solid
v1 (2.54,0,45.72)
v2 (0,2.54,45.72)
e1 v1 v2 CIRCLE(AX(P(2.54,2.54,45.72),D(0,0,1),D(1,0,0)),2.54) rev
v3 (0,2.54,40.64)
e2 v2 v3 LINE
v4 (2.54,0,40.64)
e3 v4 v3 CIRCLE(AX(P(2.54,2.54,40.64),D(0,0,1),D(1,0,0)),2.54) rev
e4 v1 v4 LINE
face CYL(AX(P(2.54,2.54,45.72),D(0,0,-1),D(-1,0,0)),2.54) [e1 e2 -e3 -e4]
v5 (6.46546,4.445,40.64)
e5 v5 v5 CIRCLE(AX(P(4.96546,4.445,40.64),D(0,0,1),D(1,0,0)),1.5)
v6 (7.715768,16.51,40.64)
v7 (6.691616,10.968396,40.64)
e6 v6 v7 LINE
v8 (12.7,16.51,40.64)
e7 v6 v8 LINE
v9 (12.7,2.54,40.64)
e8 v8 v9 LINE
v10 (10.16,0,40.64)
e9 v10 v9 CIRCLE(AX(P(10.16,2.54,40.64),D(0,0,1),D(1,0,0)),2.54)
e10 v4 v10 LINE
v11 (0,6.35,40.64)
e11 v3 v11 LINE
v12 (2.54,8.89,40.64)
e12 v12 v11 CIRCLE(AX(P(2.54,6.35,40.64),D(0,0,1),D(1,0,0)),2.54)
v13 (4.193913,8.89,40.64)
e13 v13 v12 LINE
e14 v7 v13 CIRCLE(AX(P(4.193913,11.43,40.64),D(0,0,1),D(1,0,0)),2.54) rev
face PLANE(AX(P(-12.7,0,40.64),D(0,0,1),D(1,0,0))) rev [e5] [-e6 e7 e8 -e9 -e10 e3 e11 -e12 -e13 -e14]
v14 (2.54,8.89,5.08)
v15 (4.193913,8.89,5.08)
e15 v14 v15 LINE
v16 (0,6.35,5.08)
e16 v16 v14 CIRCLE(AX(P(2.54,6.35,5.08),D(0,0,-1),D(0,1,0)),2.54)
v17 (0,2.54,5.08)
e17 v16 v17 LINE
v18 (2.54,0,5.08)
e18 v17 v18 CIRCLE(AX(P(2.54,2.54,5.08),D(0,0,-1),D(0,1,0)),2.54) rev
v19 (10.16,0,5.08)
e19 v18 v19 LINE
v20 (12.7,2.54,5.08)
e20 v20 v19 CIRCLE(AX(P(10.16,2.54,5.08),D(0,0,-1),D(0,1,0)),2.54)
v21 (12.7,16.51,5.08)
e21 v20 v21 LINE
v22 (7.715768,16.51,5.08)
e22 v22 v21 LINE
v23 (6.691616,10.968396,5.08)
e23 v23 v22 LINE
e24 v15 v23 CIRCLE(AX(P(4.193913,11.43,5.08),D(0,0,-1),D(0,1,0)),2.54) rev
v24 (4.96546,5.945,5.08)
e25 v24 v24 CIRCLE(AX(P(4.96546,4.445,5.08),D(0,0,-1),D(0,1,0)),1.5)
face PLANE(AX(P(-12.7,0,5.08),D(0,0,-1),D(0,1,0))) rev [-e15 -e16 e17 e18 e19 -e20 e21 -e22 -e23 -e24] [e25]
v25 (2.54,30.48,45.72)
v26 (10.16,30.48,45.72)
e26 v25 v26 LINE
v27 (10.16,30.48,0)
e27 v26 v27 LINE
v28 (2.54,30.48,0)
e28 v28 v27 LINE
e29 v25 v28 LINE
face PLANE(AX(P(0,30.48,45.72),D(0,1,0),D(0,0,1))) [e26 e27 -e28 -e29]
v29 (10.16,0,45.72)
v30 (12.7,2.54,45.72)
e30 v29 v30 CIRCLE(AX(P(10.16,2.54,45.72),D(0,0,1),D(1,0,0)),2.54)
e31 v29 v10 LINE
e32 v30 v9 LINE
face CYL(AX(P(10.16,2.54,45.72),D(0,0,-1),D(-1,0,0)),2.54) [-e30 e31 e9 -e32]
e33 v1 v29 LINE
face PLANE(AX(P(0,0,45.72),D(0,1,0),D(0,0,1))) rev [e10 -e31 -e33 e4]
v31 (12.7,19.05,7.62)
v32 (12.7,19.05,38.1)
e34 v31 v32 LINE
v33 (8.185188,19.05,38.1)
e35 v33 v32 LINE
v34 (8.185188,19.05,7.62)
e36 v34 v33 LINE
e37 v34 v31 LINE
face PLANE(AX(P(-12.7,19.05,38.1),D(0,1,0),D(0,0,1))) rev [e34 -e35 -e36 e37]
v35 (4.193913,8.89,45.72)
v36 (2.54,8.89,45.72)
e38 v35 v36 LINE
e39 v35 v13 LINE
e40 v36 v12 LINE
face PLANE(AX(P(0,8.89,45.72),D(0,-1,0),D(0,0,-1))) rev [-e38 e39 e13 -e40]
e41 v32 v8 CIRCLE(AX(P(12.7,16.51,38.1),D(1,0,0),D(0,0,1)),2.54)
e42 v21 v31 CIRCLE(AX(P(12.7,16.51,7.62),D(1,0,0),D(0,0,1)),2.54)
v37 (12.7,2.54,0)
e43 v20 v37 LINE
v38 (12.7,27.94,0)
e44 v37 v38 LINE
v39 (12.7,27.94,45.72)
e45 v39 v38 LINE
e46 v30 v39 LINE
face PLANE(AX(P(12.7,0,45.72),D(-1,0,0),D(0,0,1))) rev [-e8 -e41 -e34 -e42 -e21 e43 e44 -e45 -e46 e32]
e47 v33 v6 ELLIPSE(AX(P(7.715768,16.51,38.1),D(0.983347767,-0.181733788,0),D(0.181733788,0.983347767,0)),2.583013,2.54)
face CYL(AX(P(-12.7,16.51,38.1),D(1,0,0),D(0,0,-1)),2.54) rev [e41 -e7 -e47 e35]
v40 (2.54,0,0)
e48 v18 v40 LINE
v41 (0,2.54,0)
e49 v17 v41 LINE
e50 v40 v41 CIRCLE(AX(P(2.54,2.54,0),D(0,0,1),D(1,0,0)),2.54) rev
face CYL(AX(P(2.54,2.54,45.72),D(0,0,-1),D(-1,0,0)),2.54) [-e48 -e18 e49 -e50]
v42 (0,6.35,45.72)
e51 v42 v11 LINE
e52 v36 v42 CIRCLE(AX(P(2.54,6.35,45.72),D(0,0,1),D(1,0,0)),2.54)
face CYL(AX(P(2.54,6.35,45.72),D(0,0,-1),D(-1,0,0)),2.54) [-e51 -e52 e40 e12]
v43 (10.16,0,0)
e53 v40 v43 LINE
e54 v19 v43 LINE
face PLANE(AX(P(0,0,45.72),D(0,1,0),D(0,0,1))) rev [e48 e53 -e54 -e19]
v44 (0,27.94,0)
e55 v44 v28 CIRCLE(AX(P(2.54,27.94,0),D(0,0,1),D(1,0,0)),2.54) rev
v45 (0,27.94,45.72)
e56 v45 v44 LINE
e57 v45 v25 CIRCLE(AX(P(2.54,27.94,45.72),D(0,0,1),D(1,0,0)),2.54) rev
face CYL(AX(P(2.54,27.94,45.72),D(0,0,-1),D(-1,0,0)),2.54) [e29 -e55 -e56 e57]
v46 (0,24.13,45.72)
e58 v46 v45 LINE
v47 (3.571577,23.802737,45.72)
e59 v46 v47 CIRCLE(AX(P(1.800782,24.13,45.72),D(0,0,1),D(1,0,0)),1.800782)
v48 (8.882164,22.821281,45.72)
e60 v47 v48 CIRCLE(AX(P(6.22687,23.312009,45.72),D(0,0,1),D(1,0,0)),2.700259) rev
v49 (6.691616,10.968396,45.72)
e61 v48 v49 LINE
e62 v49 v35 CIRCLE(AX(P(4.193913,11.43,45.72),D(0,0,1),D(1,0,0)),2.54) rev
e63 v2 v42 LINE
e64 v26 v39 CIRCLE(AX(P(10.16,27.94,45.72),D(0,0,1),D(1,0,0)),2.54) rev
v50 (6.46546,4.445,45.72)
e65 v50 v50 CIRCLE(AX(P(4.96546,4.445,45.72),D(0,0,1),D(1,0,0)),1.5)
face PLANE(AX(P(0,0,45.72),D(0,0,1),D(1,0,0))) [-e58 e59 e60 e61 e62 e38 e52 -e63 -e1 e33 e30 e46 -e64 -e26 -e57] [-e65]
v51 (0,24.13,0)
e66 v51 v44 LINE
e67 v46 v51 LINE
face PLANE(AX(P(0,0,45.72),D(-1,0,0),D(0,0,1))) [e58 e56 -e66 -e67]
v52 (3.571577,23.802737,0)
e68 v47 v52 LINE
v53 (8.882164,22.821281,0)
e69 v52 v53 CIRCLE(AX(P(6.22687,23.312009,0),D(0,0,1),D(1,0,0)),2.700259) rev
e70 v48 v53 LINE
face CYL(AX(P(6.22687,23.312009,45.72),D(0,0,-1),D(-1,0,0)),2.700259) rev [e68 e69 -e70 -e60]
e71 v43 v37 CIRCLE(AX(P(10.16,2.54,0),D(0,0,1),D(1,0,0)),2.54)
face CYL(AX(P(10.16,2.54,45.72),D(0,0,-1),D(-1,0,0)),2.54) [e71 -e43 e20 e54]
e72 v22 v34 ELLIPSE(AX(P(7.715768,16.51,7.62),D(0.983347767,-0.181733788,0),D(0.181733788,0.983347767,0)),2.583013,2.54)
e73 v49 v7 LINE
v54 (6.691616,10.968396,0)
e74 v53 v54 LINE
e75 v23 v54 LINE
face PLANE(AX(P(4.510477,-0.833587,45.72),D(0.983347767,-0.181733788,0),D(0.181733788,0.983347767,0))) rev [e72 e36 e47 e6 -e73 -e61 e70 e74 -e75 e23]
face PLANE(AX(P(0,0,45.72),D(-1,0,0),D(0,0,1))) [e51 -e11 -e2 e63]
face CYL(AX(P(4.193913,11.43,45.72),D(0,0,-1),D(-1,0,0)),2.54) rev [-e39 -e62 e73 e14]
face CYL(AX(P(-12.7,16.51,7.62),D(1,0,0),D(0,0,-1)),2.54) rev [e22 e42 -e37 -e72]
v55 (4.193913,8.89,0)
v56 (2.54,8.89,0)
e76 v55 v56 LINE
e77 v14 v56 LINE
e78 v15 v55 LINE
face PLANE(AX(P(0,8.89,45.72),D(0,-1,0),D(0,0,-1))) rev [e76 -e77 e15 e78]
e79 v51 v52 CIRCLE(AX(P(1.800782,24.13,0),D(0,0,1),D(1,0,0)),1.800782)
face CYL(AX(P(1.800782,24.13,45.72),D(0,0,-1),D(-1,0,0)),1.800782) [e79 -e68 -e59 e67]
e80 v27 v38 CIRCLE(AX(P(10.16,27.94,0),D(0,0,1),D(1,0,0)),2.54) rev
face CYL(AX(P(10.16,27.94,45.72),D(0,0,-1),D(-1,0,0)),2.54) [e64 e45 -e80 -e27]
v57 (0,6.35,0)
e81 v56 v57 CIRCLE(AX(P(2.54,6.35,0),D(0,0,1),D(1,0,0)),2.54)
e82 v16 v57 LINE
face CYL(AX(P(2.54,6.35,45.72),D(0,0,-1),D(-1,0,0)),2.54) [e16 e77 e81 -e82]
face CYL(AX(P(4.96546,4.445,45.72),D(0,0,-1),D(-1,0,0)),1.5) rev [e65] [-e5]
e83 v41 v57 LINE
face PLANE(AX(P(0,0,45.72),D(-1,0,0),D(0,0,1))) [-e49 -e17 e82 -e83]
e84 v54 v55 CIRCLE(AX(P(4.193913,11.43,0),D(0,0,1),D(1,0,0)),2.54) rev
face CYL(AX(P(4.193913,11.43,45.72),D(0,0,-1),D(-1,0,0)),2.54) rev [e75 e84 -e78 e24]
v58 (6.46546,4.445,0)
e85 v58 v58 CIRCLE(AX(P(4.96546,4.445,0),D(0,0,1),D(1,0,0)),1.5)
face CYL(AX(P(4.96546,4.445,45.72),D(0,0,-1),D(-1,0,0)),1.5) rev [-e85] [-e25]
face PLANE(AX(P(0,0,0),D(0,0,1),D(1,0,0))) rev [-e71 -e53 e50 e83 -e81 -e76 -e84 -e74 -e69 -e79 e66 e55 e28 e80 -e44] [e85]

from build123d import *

# Parameters (mm, degrees)
SKETCH1_R           = 1.5
BOSS_EXTRUDE1_DEPTH = 45.72
CUT_EXTRUDE1_DEPTH  = 25.4


with BuildPart() as part:
    # Sketch1 → Boss-Extrude1 (new body)
    with BuildSketch(Plane.XY):
        with BuildLine():
            Line((8.882163561, 22.821280576), (6.691616477, 10.968396178))
            ThreePointArc((6.691616477, 10.968396178), (5.818586392, 9.477556184), (4.19391315, 8.89))
            Line((4.19391315, 8.89), (2.54, 8.89))
            ThreePointArc((2.54, 8.89), (0.743948776, 8.146051224), (0, 6.35))
            Line((0, 6.35), (0, 2.54))
            ThreePointArc((0, 2.54), (0.743948776, 0.743948776), (2.54, 0))
            Line((2.54, 0), (10.16, 0))
            ThreePointArc((10.16, 0), (11.956051224, 0.743948776), (12.7, 2.54))
            Line((12.7, 2.54), (12.7, 27.94))
            ThreePointArc((12.7, 27.94), (11.956051224, 29.736051224), (10.16, 30.48))
            Line((10.16, 30.48), (2.54, 30.48))
            ThreePointArc((2.54, 30.48), (0.743948776, 29.736051224), (0, 27.94))
            Line((0, 27.94), (0, 24.13))
            ThreePointArc((0, 24.13), (1.636464911, 22.336730574), (3.571576672, 23.802737092))
            ThreePointArc((3.571576672, 23.802737092), (6.717598374, 25.967302278), (8.882163561, 22.821280576))
        make_face()
        with Locations((4.965459901, 4.445)):
            Circle(SKETCH1_R, mode=Mode.SUBTRACT)
    extrude(amount=BOSS_EXTRUDE1_DEPTH)

    # Sketch2 → Cut-Extrude1 (cut)
    with BuildSketch(Plane(origin=(12.7, 0, 0), x_dir=(0, 0, -1), z_dir=(1, 0, 0))):
        with BuildLine():
            Line((-40.64, 0), (-5.08, 0))
            Line((-5.08, 0), (-5.08, 16.51))
            ThreePointArc((-5.08, 16.51), (-5.823948776, 18.306051224), (-7.62, 19.05))
            Line((-7.62, 19.05), (-38.1, 19.05))
            ThreePointArc((-38.1, 19.05), (-39.896051224, 18.306051224), (-40.64, 16.51))
            Line((-40.64, 16.51), (-40.64, 0))
        make_face()
    extrude(amount=-CUT_EXTRUDE1_DEPTH, mode=Mode.SUBTRACT)


solid = part.part
